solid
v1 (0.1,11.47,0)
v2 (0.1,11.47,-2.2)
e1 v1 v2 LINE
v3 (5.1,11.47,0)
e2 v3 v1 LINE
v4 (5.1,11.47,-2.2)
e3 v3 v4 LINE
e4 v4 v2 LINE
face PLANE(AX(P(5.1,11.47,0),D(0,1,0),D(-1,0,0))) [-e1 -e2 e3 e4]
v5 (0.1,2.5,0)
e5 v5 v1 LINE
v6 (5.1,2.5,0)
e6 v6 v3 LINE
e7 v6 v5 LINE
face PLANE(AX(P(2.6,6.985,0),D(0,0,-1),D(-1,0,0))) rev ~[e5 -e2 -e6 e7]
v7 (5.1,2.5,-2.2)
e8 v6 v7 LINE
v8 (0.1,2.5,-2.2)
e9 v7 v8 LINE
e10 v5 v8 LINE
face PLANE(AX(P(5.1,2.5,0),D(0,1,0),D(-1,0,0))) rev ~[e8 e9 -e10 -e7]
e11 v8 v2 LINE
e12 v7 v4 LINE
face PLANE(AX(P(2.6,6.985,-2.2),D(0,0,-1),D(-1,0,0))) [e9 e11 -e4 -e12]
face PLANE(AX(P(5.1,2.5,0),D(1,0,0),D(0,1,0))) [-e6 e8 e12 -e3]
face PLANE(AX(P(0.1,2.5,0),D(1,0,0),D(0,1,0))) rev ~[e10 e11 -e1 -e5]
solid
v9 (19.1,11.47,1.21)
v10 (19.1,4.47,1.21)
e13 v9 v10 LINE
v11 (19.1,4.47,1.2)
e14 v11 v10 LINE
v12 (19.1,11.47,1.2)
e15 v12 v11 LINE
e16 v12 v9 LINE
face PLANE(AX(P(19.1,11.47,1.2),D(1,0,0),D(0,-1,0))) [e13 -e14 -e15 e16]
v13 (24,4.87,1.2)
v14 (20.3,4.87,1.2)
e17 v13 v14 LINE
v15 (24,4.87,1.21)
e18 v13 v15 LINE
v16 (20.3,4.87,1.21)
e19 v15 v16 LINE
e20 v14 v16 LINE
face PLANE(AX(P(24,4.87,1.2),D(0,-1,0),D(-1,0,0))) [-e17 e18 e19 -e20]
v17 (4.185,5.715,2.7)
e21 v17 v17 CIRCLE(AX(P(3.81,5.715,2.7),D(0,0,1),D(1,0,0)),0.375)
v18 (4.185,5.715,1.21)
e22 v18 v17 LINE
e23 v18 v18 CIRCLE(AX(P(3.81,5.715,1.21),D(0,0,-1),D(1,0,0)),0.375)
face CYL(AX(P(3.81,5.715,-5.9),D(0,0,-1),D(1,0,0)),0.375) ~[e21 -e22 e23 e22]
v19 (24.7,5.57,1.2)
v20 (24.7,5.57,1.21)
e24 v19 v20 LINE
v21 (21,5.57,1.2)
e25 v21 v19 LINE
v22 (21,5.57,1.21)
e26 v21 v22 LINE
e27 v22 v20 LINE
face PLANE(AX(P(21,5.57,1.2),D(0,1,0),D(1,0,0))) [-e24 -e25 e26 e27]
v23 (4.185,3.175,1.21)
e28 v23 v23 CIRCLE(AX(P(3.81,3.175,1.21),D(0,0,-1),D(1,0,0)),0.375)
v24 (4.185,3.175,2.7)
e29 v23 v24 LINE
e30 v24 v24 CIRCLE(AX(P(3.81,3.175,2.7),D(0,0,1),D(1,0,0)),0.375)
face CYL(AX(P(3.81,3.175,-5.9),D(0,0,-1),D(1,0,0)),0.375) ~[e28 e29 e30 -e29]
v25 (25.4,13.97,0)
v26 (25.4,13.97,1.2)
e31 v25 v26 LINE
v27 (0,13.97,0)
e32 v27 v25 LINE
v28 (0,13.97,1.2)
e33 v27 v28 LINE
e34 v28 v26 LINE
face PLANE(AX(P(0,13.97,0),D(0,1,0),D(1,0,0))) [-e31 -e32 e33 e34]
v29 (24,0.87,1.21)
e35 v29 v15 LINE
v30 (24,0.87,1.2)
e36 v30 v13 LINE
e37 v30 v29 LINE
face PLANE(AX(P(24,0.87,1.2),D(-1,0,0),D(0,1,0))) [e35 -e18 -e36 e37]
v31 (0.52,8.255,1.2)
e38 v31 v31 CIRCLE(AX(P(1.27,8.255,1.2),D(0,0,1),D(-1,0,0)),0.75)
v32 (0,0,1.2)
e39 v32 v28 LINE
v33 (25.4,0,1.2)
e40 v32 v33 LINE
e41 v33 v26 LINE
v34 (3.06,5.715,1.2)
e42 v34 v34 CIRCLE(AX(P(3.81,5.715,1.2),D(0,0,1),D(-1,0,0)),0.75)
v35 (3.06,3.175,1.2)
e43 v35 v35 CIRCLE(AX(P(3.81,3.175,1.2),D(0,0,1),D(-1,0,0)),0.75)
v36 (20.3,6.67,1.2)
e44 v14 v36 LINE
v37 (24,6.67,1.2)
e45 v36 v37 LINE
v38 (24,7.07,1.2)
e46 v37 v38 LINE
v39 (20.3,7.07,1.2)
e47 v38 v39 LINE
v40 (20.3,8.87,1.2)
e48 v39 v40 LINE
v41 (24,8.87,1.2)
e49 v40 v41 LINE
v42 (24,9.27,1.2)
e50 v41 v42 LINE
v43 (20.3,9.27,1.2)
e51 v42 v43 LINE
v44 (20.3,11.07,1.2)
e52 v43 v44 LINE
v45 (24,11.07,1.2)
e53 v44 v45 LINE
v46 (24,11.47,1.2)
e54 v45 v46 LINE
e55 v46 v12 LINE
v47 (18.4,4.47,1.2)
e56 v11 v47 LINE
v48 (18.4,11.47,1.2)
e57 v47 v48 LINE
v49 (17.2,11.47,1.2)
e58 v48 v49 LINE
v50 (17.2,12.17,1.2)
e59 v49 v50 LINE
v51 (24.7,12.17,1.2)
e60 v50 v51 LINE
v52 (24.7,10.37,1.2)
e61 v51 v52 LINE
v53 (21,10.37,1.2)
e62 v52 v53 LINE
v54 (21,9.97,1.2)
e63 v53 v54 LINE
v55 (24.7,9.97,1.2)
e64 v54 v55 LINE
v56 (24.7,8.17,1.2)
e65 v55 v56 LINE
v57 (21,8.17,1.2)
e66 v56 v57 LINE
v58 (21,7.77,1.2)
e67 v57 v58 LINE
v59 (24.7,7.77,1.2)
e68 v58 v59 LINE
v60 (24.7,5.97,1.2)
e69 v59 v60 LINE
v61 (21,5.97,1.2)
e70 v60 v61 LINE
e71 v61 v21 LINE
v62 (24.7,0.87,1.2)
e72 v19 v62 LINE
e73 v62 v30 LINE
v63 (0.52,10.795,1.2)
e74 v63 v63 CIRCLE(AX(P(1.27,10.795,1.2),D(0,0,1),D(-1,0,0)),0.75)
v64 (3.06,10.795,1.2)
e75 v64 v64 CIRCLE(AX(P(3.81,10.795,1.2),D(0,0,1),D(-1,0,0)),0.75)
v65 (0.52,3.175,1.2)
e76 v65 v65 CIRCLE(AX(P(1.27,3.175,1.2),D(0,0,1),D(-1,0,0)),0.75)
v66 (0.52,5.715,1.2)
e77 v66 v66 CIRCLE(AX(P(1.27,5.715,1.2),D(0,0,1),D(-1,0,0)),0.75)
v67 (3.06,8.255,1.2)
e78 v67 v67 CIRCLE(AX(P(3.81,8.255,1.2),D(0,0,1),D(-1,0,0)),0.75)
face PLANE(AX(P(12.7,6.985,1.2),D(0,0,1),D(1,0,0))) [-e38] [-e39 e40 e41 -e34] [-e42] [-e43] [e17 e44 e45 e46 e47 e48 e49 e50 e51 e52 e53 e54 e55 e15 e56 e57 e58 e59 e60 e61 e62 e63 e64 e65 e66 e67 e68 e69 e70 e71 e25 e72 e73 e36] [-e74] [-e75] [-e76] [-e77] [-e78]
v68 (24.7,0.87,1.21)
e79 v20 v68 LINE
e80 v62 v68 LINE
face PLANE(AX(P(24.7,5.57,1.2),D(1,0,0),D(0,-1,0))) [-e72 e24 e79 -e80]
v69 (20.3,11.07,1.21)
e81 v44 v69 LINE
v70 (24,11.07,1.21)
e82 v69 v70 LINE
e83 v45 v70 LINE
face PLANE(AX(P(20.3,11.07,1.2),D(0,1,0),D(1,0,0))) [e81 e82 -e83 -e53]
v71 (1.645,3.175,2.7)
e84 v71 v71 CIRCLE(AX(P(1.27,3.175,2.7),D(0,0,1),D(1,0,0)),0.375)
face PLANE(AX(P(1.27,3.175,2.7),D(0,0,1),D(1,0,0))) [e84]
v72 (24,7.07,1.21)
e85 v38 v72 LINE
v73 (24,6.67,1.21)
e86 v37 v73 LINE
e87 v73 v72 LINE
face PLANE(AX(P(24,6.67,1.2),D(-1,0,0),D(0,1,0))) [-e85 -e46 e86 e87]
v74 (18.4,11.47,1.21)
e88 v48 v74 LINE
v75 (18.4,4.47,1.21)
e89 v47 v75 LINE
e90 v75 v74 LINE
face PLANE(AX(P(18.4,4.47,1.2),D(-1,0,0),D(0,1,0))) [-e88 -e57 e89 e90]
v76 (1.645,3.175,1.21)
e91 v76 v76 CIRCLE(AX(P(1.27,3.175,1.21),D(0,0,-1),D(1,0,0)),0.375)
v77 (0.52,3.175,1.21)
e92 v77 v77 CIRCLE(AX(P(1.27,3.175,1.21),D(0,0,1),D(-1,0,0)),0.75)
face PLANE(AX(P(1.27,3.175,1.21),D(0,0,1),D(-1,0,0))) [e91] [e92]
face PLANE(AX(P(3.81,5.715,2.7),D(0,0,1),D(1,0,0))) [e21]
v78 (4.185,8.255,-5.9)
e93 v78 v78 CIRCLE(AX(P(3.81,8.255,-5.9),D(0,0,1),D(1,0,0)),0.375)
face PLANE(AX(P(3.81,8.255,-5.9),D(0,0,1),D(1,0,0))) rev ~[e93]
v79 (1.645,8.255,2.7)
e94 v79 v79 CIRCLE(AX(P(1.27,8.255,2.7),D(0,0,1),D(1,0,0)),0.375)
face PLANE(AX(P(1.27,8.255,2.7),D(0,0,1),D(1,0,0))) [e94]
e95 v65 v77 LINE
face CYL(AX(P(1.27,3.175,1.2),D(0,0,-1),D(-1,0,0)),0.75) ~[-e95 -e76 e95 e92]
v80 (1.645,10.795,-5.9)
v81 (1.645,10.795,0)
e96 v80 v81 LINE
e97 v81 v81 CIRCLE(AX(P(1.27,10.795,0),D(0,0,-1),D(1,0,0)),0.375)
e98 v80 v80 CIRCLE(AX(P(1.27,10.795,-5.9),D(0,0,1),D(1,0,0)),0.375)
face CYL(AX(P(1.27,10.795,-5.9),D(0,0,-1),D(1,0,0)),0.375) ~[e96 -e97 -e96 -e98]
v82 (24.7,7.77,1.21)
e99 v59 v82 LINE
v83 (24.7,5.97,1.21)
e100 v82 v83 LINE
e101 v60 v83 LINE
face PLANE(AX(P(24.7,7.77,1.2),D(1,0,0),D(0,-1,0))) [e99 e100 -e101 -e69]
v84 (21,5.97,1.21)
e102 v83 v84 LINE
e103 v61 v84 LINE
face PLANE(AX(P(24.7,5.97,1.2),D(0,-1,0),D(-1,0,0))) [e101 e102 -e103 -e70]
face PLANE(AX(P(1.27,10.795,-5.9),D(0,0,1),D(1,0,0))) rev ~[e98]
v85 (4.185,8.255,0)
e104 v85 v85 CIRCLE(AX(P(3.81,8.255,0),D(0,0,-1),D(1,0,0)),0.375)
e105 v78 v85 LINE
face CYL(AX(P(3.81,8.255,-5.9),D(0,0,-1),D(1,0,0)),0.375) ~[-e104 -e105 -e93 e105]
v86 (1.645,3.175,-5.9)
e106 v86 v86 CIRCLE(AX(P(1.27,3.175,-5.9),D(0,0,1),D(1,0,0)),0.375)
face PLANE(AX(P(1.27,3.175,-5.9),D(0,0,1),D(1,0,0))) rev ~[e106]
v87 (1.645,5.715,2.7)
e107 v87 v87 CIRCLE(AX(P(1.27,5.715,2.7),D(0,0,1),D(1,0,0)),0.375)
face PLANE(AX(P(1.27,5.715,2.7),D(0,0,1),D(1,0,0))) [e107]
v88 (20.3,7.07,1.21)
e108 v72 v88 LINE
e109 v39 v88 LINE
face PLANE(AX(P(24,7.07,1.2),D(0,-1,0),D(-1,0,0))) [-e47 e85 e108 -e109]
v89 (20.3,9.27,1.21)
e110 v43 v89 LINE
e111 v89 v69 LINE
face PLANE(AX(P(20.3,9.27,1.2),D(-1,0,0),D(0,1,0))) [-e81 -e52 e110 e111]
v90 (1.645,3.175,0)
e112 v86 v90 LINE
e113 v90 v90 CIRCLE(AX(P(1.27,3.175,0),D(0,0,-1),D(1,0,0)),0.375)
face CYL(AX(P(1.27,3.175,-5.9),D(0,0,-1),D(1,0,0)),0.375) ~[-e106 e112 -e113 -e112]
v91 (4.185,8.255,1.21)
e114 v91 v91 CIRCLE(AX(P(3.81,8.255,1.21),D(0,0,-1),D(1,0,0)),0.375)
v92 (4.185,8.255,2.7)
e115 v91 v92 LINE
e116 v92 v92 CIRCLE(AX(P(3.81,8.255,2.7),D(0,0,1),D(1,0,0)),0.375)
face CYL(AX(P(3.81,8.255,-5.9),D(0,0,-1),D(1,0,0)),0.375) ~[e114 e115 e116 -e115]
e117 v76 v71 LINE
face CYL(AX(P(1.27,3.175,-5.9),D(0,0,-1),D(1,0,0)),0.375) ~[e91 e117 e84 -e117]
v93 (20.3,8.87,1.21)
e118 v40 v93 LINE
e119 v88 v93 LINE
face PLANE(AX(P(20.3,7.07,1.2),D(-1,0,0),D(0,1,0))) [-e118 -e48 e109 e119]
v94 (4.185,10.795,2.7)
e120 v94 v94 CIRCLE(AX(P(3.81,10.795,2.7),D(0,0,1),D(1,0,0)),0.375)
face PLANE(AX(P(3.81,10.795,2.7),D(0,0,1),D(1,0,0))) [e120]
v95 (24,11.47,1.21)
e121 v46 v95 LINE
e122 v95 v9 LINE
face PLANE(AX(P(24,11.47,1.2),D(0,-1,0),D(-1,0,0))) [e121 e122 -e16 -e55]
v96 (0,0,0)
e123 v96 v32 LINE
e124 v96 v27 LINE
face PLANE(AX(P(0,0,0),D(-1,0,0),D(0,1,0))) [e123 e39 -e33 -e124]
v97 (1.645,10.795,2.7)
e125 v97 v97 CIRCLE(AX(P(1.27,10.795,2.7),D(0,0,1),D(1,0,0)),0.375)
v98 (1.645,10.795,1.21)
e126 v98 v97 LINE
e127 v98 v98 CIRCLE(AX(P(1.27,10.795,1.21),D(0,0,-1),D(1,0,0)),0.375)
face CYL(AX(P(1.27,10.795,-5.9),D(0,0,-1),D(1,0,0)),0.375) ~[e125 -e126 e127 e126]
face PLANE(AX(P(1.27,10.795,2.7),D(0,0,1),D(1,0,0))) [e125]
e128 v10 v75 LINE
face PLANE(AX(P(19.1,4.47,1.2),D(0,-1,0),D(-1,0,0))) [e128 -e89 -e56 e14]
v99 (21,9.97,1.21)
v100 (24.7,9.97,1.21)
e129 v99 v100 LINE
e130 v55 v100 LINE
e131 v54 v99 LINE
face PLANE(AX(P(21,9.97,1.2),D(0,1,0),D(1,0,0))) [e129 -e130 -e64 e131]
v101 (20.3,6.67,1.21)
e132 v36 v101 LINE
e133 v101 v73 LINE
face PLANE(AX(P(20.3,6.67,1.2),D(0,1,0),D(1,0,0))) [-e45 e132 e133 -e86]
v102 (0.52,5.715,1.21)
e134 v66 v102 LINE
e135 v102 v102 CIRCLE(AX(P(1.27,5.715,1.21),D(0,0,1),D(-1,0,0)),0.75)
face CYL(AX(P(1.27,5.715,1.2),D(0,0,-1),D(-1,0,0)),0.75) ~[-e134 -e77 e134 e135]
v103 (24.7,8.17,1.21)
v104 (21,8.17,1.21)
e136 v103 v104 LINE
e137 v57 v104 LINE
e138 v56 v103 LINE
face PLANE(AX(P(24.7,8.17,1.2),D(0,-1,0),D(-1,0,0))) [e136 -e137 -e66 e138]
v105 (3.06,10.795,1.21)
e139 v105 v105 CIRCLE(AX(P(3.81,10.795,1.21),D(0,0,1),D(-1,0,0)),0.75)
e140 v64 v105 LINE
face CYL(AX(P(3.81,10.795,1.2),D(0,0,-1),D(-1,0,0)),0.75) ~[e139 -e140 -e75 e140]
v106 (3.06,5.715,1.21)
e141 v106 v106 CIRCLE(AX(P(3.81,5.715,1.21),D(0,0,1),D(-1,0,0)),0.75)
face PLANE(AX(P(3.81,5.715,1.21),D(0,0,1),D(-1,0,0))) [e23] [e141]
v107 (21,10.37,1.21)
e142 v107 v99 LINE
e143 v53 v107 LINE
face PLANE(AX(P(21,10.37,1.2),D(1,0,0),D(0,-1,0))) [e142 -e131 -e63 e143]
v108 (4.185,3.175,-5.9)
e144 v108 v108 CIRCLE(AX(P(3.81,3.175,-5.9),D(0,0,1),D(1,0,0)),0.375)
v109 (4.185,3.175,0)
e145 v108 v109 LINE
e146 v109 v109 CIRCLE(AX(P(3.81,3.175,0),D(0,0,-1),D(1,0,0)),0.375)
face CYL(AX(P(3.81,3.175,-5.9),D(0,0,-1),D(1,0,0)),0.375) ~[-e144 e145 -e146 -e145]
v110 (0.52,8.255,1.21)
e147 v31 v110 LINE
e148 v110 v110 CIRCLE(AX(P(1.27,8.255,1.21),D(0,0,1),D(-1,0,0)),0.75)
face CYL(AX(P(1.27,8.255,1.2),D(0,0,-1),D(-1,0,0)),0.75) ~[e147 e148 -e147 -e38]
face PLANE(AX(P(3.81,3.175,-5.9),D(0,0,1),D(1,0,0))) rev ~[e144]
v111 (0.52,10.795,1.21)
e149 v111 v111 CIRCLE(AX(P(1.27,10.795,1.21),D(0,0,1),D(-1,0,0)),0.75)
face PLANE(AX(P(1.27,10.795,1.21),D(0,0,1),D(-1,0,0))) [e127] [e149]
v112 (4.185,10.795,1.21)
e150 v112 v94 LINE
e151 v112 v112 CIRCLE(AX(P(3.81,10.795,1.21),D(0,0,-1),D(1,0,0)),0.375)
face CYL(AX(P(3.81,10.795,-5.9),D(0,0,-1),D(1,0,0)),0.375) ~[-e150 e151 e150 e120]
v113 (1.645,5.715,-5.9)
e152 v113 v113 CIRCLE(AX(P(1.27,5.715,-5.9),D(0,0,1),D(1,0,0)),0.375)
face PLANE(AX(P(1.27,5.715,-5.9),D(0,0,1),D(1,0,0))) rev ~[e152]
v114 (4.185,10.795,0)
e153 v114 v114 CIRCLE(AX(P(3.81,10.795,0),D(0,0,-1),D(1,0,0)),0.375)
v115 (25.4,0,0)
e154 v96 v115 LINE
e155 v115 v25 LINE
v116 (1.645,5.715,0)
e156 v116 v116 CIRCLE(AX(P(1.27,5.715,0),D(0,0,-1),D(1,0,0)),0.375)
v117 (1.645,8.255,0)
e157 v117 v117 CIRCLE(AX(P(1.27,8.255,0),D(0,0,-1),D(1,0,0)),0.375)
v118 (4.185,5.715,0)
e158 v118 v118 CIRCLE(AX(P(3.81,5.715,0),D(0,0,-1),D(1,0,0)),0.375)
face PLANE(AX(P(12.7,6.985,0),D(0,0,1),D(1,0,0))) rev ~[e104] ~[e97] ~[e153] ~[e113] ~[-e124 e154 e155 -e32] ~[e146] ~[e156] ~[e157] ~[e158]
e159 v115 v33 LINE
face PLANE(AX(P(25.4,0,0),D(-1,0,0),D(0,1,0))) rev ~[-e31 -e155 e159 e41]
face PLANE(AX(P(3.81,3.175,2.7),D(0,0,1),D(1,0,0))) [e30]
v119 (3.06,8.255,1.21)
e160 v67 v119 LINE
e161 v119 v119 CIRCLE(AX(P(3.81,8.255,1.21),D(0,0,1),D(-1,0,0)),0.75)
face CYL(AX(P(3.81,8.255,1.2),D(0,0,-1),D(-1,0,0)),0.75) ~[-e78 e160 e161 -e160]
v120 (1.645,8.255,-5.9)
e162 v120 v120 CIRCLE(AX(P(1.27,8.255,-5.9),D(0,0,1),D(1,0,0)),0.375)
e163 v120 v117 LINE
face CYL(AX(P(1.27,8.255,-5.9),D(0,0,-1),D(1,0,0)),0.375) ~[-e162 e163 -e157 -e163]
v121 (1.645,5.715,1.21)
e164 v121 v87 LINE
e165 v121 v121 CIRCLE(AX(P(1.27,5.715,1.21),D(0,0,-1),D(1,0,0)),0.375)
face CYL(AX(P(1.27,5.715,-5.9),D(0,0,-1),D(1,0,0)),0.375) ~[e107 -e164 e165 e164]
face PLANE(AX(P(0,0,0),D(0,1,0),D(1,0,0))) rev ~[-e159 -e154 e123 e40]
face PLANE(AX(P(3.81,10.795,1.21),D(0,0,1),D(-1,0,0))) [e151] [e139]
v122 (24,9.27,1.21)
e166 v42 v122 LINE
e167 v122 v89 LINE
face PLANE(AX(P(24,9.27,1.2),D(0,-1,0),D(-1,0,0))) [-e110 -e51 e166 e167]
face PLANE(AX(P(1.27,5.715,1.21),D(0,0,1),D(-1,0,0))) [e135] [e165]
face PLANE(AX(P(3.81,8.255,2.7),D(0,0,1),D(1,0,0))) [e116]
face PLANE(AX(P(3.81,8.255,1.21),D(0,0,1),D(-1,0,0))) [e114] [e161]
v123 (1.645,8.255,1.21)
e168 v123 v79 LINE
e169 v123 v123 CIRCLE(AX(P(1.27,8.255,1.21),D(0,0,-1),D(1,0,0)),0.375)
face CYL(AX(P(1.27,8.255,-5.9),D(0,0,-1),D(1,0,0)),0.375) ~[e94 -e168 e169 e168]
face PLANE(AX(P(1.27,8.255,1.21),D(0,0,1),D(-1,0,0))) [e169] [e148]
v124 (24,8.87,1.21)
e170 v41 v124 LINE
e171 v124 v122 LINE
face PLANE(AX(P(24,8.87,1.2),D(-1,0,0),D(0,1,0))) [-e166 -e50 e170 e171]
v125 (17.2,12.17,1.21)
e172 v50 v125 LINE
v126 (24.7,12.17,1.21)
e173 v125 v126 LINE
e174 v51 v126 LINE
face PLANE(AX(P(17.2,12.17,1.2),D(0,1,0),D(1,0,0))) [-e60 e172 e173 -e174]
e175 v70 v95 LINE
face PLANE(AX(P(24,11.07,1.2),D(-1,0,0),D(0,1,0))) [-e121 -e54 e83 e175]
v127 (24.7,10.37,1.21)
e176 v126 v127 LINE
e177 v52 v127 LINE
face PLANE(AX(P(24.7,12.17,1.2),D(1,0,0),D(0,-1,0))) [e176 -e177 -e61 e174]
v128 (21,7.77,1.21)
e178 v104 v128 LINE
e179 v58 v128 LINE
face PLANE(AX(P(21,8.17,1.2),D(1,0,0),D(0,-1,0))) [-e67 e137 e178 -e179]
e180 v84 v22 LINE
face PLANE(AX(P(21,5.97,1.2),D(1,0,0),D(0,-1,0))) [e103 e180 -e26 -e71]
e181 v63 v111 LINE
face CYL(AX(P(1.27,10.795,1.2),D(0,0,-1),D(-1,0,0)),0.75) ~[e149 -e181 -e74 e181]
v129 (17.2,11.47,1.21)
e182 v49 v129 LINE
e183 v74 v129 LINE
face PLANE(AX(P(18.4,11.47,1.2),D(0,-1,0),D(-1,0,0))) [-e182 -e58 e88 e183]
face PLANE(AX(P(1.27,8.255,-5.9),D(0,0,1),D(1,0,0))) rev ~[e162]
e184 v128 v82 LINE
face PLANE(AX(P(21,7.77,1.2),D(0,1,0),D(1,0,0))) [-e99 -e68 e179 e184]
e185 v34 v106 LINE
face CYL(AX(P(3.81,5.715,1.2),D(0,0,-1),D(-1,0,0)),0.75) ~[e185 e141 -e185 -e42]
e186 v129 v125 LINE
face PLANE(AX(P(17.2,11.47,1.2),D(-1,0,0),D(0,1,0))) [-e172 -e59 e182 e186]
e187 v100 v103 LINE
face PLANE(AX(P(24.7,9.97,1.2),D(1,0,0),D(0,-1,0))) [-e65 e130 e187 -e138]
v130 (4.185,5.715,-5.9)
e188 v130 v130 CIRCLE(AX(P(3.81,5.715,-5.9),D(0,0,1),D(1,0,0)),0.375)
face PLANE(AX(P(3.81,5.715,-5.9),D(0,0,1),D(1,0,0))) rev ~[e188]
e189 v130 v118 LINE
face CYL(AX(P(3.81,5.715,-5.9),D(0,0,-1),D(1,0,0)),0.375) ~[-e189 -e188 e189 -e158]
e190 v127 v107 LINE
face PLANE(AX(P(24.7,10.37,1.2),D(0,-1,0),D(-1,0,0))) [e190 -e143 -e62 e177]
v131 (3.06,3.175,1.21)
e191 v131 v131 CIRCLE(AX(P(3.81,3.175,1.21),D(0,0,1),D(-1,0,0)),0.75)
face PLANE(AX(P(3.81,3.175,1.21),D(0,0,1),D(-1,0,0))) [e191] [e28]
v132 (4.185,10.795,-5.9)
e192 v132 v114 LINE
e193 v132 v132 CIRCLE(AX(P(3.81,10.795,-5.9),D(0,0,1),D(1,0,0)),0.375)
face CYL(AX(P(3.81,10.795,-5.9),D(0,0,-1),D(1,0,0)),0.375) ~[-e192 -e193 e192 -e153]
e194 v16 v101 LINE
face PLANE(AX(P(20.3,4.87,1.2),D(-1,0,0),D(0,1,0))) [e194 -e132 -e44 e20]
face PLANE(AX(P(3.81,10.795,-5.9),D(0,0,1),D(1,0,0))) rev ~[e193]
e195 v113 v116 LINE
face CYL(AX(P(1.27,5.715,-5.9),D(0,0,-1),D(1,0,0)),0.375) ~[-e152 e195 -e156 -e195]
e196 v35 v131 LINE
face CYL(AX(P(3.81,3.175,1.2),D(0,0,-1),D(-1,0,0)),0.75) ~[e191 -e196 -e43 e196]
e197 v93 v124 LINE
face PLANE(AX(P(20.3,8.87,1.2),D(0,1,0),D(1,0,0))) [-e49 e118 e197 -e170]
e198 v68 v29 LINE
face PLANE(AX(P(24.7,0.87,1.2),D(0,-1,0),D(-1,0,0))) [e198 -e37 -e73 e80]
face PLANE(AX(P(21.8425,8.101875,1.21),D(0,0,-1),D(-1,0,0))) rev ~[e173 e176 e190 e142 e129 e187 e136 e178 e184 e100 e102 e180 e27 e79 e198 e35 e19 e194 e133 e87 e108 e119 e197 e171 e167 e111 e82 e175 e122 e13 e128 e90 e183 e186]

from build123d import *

# Parameters (mm, degrees)
SKETCH2_W                = 25.4
SKETCH2_H                = 13.97
BOSS_EXTRUDE1_DEPTH      = 1.2
SKETCH3_R                = 0.75
BOSS_EXTRUDE2_DEPTH      = 0.01
BOSS_EXTRUDE3_DEPTH      = 1.5
BOSS_EXTRUDE3_DEPTH_BACK = 7.1
SKETCH4_R                = 0.375
BOSS_EXTRUDE4_DEPTH      = 0.01
SKETCH6_W                = 5
SKETCH6_H                = 8.97
BOSS_EXTRUDE5_DEPTH      = 2.2


with BuildPart() as part:
    # Sketch2 → Boss-Extrude1 (new body)
    with BuildSketch(Plane.XY):
        with Locations((12.7, 6.985)):
            Rectangle(SKETCH2_W, SKETCH2_H)
    extrude(amount=BOSS_EXTRUDE1_DEPTH)

    # Sketch3 → Boss-Extrude2 (add)
    with BuildSketch(Plane.XY.offset(1.2)):
        with Locations(Location((1.27, 10.795, 0), (0, 0, 180))):
            Circle(SKETCH3_R)
        with Locations(Location((3.81, 10.795, 0), (0, 0, 180))):
            Circle(SKETCH3_R)
        with Locations(Location((3.81, 8.255, 0), (0, 0, 180))):
            Circle(SKETCH3_R)
        with Locations(Location((3.81, 5.715, 0), (0, 0, 180))):
            Circle(SKETCH3_R)
        with Locations(Location((3.81, 3.175, 0), (0, 0, 180))):
            Circle(SKETCH3_R)
        with Locations(Location((1.27, 8.255, 0), (0, 0, 180))):
            Circle(SKETCH3_R)
        with Locations(Location((1.27, 5.715, 0), (0, 0, 180))):
            Circle(SKETCH3_R)
        with Locations(Location((1.27, 3.175, 0), (0, 0, 180))):
            Circle(SKETCH3_R)
    extrude(amount=BOSS_EXTRUDE2_DEPTH)

    # Sketch4 → Boss-Extrude3 (add, two sides: drawn at the far end of the back side and taken through both)
    with BuildSketch(Plane.XY.offset(1.2).offset(-BOSS_EXTRUDE3_DEPTH_BACK)):
        with Locations((1.27, 10.795)):
            Circle(SKETCH4_R)
        with Locations((3.81, 10.795)):
            Circle(SKETCH4_R)
        with Locations((3.81, 8.255)):
            Circle(SKETCH4_R)
        with Locations((3.81, 5.715)):
            Circle(SKETCH4_R)
        with Locations((3.81, 3.175)):
            Circle(SKETCH4_R)
        with Locations((1.27, 8.255)):
            Circle(SKETCH4_R)
        with Locations((1.27, 5.715)):
            Circle(SKETCH4_R)
        with Locations((1.27, 3.175)):
            Circle(SKETCH4_R)
    extrude(amount=BOSS_EXTRUDE3_DEPTH + BOSS_EXTRUDE3_DEPTH_BACK)

    # Sketch5 → Boss-Extrude4 (add)
    with BuildSketch(Plane.XY.offset(1.2)):
        Polygon((17.2, 12.17), (24.7, 12.17), (24.7, 10.37), (21, 10.37), (21, 9.97), (24.7, 9.97), (24.7, 8.17), (21, 8.17), (21, 7.77), (24.7, 7.77), (24.7, 5.97), (21, 5.97), (21, 5.57), (24.7, 5.57), (24.7, 0.87), (24, 0.87), (24, 4.87), (20.3, 4.87), (20.3, 6.67), (24, 6.67), (24, 7.07), (20.3, 7.07), (20.3, 8.87), (24, 8.87), (24, 9.27), (20.3, 9.27), (20.3, 11.07), (24, 11.07), (24, 11.47), (19.1, 11.47), (19.1, 4.47), (18.4, 4.47), (18.4, 11.47), (17.2, 11.47), align=None)
    extrude(amount=BOSS_EXTRUDE4_DEPTH)


with BuildPart() as body_2:
    # Sketch6 → Boss-Extrude5 (new body)
    with BuildSketch(Plane(origin=(0, 0, 0), x_dir=(-1, 0, 0), z_dir=(0, 0, -1))):
        with Locations((-2.6, 6.985)):
            Rectangle(SKETCH6_W, SKETCH6_H)
    extrude(amount=BOSS_EXTRUDE5_DEPTH)


solid = Compound([part.part, body_2.part])
